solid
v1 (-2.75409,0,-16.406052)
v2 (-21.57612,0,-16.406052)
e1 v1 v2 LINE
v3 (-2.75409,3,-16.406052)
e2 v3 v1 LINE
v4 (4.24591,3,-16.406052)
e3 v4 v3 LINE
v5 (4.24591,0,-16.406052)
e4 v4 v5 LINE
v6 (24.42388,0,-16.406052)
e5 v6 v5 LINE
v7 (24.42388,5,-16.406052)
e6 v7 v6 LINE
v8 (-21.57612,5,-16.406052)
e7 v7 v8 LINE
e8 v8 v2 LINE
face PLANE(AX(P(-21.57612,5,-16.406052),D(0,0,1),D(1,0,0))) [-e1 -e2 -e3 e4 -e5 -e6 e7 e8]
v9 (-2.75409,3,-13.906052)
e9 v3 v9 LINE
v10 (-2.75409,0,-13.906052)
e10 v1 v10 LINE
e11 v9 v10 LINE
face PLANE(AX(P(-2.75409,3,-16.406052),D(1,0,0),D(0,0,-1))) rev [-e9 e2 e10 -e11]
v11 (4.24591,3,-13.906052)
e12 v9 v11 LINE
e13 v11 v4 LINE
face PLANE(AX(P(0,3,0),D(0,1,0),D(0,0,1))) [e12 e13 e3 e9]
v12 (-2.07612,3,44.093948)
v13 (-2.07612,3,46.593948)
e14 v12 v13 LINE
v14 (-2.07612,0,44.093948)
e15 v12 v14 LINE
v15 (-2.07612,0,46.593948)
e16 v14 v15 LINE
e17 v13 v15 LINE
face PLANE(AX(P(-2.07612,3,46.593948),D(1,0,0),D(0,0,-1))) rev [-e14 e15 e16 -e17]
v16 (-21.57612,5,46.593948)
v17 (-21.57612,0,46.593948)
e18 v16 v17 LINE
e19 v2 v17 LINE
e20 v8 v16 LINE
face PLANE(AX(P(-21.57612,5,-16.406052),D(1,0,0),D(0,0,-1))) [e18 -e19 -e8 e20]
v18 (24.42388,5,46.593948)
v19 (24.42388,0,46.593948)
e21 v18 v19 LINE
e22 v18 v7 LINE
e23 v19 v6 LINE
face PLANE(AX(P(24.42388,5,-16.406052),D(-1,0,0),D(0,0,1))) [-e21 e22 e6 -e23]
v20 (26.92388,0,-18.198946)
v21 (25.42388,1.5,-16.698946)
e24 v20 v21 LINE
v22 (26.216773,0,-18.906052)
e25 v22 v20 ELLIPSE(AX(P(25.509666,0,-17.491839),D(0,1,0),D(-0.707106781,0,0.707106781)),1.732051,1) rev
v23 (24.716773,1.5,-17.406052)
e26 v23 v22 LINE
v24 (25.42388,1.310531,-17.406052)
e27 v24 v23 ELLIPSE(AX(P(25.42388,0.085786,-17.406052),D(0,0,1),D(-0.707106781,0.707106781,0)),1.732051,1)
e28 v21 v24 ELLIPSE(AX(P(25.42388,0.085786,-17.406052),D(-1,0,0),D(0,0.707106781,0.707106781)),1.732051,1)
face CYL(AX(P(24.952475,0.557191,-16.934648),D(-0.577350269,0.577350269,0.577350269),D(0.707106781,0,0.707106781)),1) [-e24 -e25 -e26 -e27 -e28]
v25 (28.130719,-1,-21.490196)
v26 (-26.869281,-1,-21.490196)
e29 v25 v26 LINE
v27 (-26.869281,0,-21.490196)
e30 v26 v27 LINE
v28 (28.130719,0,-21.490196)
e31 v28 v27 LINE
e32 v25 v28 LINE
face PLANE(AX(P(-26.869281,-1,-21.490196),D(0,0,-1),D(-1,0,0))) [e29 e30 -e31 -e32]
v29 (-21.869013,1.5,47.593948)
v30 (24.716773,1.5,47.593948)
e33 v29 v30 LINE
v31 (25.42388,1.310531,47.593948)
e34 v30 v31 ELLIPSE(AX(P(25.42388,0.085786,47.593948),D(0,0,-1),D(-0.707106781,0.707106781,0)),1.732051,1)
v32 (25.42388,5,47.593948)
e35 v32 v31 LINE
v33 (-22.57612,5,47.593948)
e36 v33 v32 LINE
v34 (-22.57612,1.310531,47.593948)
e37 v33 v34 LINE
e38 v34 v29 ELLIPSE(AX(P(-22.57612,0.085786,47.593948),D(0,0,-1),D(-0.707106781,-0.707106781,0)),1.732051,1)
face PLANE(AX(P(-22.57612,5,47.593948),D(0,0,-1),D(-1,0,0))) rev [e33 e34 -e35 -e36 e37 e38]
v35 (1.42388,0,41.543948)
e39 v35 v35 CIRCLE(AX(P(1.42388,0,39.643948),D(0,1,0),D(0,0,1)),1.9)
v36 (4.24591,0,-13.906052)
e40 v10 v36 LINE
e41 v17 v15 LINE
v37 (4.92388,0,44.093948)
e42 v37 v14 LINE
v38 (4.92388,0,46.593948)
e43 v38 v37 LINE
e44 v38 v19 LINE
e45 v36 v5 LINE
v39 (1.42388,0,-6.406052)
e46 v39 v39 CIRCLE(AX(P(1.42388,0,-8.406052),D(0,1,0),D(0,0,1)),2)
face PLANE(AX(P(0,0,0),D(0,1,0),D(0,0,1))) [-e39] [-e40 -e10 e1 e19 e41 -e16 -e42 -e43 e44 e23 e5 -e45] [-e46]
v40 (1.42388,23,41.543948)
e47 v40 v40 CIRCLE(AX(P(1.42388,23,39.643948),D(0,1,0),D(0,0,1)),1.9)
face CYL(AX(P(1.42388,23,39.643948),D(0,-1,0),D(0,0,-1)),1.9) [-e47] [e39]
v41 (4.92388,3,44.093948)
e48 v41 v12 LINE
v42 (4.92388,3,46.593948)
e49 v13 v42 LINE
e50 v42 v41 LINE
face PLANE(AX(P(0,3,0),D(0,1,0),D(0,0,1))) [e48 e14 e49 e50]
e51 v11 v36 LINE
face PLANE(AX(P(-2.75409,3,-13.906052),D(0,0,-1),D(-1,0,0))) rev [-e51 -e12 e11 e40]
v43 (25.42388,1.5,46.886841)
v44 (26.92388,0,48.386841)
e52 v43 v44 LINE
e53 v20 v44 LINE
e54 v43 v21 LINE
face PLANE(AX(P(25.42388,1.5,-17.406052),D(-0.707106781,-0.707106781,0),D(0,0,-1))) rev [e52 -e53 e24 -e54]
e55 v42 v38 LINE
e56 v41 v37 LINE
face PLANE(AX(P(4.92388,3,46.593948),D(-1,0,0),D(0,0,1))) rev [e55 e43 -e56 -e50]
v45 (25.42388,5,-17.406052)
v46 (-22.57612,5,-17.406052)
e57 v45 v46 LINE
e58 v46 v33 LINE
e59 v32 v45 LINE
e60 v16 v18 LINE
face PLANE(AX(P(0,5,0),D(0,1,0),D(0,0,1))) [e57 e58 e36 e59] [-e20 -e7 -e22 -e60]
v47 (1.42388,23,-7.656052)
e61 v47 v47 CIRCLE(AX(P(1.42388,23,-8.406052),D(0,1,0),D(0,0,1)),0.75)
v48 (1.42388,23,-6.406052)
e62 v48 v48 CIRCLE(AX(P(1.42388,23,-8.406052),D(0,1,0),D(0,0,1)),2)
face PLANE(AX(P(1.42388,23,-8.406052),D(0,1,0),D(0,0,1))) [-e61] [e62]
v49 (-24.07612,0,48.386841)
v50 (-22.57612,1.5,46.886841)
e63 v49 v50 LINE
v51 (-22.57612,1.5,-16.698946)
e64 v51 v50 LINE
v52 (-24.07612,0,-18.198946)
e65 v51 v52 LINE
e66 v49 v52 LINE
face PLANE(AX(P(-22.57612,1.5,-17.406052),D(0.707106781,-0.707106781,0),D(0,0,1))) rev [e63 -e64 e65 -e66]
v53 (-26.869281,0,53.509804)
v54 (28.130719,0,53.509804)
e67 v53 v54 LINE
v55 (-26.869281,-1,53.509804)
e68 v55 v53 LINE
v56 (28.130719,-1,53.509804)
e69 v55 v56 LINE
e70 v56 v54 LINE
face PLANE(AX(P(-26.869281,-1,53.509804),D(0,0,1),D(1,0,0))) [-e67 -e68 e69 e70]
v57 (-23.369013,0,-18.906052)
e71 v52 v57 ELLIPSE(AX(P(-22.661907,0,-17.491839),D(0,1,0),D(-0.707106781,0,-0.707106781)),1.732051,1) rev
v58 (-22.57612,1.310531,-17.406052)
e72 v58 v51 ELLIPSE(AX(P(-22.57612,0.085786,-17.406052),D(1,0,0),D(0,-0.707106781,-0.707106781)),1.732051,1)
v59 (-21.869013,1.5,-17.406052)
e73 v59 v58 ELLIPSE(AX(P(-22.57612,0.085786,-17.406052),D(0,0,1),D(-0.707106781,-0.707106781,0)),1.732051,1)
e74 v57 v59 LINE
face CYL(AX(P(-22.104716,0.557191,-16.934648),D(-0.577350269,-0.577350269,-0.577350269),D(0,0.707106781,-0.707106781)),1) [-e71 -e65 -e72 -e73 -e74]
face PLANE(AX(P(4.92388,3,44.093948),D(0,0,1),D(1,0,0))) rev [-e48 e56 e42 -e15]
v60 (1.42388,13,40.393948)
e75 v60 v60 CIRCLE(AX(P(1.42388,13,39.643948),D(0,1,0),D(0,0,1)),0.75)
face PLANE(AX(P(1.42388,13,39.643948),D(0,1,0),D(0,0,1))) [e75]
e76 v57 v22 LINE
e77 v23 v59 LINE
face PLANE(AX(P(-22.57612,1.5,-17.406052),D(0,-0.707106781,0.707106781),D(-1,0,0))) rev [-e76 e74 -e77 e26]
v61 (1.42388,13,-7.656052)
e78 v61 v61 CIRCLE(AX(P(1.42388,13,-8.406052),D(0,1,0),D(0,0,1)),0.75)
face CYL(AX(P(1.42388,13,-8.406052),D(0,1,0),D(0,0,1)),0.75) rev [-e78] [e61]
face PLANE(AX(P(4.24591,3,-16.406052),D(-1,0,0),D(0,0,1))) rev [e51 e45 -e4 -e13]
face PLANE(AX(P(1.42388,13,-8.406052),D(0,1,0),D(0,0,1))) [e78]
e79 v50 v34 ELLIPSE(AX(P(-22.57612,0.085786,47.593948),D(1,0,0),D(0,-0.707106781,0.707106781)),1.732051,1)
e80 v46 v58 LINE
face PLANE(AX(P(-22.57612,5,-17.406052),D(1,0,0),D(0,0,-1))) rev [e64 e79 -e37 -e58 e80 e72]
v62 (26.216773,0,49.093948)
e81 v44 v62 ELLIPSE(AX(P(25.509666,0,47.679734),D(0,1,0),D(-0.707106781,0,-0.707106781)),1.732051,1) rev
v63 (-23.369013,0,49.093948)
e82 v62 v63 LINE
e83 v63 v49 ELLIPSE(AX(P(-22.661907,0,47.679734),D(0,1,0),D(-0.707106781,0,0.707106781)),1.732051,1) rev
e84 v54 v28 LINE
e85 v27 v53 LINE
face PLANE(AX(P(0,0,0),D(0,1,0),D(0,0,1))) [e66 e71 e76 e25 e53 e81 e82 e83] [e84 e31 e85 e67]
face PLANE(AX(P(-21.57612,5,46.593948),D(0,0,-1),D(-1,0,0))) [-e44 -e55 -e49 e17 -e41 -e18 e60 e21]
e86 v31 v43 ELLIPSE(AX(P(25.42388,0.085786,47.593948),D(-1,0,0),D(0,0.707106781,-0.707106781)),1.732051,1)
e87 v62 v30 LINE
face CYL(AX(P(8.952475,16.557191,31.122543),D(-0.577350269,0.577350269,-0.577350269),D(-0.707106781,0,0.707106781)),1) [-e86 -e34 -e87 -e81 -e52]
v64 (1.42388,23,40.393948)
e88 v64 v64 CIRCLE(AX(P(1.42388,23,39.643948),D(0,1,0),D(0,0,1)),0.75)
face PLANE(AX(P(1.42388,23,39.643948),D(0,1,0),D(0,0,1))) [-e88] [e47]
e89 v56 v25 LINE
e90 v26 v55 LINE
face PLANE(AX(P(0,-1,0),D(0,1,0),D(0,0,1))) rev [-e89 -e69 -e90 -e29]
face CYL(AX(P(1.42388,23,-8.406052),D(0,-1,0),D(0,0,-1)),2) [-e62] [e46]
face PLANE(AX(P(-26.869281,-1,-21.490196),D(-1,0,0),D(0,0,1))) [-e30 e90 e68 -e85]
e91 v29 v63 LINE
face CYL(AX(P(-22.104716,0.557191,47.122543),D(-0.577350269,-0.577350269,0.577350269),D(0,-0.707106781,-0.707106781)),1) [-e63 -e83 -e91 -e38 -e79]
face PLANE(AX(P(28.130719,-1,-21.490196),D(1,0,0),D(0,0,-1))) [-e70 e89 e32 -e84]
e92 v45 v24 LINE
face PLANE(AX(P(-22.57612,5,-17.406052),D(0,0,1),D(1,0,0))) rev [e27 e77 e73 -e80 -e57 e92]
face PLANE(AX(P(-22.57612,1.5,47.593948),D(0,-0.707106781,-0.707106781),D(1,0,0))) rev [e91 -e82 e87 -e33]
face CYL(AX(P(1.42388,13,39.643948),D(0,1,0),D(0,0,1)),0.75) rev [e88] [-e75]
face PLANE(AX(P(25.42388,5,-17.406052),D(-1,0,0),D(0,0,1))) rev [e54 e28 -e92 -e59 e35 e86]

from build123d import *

# Parameters (mm, degrees)
SKETCH_1_W          = 55
SKETCH_1_H          = 75
EXTRUDE_1_DEPTH     = 1
SKETCH_3_W          = 48
SKETCH_3_H          = 65
SKETCH_3_W_2        = 46
SKETCH_3_H_2        = 63
EXTRUDE_2_DEPTH     = 5
SKETCH_4_W          = 7
SKETCH_4_H          = 2.5
EXTRUDE_3_DEPTH     = 3
SKETCH_5_R          = 1.9
EXTRUDE_4_DEPTH     = 23
SKETCH_6_R          = 0.75
CUT_EXTRUDE_1_DEPTH = 10
SKETCH_7_R          = 2
EXTRUDE_5_DEPTH     = 23
SKETCH_8_R          = 0.75
CUT_EXTRUDE_2_DEPTH = 10
CHAMFER_1_SIZE      = 1.5
FILLET_2_R          = 1


with BuildPart() as part:
    # Эскиз1 → Бобышка-Вытянуть1 (new body)
    with BuildSketch(Plane(origin=(0, 0, 0), x_dir=(1, 0, 0), z_dir=(0, 1, 0))):
        with Locations((0.630718954, -16.009803922)):
            Rectangle(SKETCH_1_W, SKETCH_1_H)
    extrude(amount=-EXTRUDE_1_DEPTH)

    # Эскиз3 → Бобышка-Вытянуть2 (add)
    with BuildSketch(Plane(origin=(0, 0, 0), x_dir=(1, 0, 0), z_dir=(0, 1, 0))):
        with Locations((1.423879909, -15.093947699)):
            Rectangle(SKETCH_3_W, SKETCH_3_H)
        with Locations((1.423879909, -15.093947699)):
            Rectangle(SKETCH_3_W_2, SKETCH_3_H_2, mode=Mode.SUBTRACT)
    extrude(amount=EXTRUDE_2_DEPTH)

    # Эскиз4 → Бобышка-Вытянуть3 (add)
    with BuildSketch(Plane(origin=(0, 0, 0), x_dir=(1, 0, 0), z_dir=(0, 1, 0))):
        with Locations((1.423879909, -45.343947699)):
            Rectangle(SKETCH_4_W, SKETCH_4_H)
        with Locations((0.74590962, 15.156052301)):
            Rectangle(SKETCH_4_W, SKETCH_4_H)
    extrude(amount=EXTRUDE_3_DEPTH)

    # Эскиз5 → Бобышка-Вытянуть4 (add)
    with BuildSketch(Plane(origin=(0, 0, 0), x_dir=(1, 0, 0), z_dir=(0, 1, 0))):
        with Locations((1.423879909, -39.643947699)):
            Circle(SKETCH_5_R)
    extrude(amount=EXTRUDE_4_DEPTH)

    # Эскиз6 → Вырез-Вытянуть1 (cut)
    with BuildSketch(Plane(origin=(0, 23, 0), x_dir=(1, 0, 0), z_dir=(0, 1, 0))):
        with Locations((1.423879909, -39.643947699)):
            Circle(SKETCH_6_R)
    extrude(amount=-CUT_EXTRUDE_1_DEPTH, mode=Mode.SUBTRACT)

    # Эскиз7 → Бобышка-Вытянуть5 (add)
    with BuildSketch(Plane(origin=(0, 0, 0), x_dir=(1, 0, 0), z_dir=(0, 1, 0))):
        with Locations((1.423879909, 8.406052301)):
            Circle(SKETCH_7_R)
    extrude(amount=EXTRUDE_5_DEPTH)

    # Эскиз8 → Вырез-Вытянуть2 (cut)
    with BuildSketch(Plane(origin=(0, 23, 0), x_dir=(1, 0, 0), z_dir=(0, 1, 0))):
        with Locations((1.423879909, 8.406052301)):
            Circle(SKETCH_8_R)
    extrude(amount=-CUT_EXTRUDE_2_DEPTH, mode=Mode.SUBTRACT)

    # Фаска1
    chamfer_1_edges = [part.edges().sort_by_distance(p)[0] for p in [
        (-22.576120091, 0, 15.093947699),
        (1.423879909, 0, 47.593947699),
        (25.423879909, 0, 15.093947699),
        (1.423879909, 0, -17.406052301),
    ]]
    chamfer(chamfer_1_edges, length=CHAMFER_1_SIZE)

    # Скругление2
    fillet_2_edges = [part.edges().sort_by_distance(p)[0] for p in [
        (-23.326120091, 0.75, -18.156052301),
        (26.173879909, 0.75, -18.156052301),
        (-23.326120091, 0.75, 48.343947699),
        (26.173879909, 0.75, 48.343947699),
    ]]
    fillet(fillet_2_edges, radius=FILLET_2_R)


solid = part.part
